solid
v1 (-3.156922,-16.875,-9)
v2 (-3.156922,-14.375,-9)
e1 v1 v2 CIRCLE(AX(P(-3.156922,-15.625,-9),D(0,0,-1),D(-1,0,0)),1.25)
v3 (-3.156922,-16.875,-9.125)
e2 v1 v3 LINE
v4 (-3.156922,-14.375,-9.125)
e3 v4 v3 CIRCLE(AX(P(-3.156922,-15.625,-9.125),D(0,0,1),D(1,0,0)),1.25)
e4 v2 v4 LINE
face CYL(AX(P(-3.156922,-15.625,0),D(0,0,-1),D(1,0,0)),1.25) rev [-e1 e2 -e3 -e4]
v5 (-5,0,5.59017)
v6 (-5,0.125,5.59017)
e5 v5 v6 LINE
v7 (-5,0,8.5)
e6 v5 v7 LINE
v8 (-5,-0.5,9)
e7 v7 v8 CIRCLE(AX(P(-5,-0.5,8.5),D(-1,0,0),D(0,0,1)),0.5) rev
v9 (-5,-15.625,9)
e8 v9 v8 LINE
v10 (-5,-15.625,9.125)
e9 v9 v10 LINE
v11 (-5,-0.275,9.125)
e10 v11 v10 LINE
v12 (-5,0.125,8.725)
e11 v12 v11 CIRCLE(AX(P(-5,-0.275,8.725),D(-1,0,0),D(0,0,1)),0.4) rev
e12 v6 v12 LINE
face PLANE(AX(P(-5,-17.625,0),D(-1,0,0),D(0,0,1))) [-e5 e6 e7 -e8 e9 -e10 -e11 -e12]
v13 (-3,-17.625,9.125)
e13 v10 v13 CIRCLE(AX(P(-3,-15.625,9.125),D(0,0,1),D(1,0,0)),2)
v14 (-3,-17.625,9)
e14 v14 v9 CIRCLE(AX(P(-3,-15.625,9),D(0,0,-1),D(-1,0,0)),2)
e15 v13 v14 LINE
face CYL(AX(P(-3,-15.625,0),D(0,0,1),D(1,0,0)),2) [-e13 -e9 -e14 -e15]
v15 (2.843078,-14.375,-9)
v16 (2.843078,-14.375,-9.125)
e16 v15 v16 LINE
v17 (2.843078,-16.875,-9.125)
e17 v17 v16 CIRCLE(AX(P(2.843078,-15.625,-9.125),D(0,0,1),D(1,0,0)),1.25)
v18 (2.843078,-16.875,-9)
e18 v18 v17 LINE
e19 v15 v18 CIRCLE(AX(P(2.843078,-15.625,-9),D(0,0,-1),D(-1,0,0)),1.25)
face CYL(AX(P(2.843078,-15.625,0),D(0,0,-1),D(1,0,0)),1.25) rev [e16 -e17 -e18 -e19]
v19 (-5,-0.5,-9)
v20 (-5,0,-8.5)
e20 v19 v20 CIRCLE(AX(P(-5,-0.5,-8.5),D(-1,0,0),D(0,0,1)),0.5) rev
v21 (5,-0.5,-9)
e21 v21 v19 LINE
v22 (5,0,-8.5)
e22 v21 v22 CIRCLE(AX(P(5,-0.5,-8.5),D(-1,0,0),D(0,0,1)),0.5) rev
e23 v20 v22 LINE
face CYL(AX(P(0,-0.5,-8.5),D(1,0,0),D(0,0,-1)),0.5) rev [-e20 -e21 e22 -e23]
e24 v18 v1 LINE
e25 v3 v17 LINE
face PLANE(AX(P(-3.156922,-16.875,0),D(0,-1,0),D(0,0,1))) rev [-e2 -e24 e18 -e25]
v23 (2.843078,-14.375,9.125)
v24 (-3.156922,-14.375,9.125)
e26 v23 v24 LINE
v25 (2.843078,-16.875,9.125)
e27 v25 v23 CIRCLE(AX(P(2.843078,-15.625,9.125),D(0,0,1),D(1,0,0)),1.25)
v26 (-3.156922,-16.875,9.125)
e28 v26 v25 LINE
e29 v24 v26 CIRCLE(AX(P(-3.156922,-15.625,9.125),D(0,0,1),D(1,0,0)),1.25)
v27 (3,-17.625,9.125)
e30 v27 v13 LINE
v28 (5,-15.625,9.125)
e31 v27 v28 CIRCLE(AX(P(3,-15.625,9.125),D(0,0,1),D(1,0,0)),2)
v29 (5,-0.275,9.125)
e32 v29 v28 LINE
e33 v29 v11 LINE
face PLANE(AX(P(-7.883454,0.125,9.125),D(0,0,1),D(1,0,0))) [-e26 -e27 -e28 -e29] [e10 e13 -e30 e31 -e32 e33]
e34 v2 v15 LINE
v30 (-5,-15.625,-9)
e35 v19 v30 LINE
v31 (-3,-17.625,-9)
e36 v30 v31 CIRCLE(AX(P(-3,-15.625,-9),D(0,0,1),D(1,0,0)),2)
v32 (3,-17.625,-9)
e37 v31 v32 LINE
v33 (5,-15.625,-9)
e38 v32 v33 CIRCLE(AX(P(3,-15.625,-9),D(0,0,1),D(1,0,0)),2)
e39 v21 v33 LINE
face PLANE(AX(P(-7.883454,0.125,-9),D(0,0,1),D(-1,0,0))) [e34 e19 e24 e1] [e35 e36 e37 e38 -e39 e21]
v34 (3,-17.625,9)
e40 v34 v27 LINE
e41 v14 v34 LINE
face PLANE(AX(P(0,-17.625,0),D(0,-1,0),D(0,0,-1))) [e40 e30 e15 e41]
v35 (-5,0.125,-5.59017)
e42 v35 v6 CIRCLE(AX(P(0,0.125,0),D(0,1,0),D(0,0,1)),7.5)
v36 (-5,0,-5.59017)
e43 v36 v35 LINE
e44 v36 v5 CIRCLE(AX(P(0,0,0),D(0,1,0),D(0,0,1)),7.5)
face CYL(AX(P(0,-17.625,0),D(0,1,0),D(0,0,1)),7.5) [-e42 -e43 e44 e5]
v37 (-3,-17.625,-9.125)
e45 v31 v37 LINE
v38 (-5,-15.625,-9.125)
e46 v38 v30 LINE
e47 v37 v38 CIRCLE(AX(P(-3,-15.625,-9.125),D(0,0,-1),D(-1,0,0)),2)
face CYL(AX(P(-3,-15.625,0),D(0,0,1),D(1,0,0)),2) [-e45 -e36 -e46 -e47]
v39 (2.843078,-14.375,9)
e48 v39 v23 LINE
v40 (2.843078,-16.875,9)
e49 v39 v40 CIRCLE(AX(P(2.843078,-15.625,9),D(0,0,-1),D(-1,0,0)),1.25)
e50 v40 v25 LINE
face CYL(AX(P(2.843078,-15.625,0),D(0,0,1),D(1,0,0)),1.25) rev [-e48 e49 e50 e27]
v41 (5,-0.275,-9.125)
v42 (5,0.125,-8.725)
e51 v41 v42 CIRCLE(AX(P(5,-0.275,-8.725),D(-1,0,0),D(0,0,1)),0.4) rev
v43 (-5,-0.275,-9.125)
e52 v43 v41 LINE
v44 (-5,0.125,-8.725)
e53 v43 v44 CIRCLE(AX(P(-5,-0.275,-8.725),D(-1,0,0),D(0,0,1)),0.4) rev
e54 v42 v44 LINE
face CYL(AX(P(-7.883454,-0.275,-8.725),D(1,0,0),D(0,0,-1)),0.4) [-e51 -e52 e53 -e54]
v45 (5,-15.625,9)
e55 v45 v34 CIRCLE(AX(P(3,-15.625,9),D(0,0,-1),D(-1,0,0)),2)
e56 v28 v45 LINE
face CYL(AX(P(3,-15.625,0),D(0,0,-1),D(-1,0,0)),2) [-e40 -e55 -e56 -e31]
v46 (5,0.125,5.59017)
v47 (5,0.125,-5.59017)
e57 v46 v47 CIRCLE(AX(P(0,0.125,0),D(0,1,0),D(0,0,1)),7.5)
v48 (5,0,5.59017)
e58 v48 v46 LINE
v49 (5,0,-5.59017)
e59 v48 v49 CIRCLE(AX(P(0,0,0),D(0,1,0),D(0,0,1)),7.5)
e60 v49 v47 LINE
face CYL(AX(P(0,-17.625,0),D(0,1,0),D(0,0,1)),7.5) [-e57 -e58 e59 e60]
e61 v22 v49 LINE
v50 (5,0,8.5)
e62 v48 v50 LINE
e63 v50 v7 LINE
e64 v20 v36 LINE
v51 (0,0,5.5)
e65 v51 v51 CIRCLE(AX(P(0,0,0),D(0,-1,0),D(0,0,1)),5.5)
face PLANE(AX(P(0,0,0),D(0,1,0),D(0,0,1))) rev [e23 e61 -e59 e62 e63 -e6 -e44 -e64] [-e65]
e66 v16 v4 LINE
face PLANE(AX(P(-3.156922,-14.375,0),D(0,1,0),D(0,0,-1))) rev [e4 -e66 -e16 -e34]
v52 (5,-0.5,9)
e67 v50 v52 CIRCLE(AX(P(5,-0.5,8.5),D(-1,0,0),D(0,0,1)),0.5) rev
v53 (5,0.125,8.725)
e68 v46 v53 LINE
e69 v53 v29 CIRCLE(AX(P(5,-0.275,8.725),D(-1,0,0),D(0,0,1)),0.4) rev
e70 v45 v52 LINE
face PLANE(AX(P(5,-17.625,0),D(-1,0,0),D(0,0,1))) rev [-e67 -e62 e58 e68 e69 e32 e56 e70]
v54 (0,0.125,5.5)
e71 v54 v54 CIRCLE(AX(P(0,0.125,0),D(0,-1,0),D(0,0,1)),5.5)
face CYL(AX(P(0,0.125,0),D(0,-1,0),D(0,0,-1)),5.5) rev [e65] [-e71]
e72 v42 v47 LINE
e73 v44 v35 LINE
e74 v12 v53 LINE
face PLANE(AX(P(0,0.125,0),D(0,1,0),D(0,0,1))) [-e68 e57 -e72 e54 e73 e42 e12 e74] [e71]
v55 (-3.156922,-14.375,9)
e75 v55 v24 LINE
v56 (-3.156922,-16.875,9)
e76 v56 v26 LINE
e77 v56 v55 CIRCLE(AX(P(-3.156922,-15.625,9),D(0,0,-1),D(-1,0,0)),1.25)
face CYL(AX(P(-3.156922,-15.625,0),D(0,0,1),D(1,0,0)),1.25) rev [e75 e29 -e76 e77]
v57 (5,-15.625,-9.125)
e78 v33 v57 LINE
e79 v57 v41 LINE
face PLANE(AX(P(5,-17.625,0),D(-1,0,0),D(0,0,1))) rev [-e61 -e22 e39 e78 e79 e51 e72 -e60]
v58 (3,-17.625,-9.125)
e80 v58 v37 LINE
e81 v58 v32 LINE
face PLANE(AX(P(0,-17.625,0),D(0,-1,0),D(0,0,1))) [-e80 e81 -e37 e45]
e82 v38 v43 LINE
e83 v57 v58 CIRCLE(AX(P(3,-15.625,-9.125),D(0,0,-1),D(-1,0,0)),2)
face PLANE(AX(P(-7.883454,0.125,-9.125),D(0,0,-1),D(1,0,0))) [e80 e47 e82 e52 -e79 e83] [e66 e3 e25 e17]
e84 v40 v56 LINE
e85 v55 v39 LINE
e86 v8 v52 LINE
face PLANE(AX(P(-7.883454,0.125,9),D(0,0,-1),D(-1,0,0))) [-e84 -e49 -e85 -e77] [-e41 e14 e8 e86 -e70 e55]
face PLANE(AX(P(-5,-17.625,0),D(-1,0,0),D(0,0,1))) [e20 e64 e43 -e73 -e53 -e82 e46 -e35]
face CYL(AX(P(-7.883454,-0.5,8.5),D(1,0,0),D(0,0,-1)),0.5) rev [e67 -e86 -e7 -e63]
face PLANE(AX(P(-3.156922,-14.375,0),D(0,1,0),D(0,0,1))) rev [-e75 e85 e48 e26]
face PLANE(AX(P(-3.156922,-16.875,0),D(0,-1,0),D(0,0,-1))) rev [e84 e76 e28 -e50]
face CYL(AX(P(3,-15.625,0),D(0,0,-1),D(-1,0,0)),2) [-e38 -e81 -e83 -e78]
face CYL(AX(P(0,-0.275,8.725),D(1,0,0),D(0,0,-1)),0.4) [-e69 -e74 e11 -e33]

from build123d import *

# Parameters (mm, degrees)
BOSS_EXTRUDE1_DEPTH = 0.125
SKETCH3_W           = 0.125
SKETCH3_H           = 15.25
BOSS_EXTRUDE2_DEPTH = 15.766908
SKETCH4_W           = 15.766907998
SKETCH4_H           = 0.125
BOSS_EXTRUDE3_DEPTH = 2.5
CUT_EXTRUDE1_DEPTH  = 2.5
FILLET1_R           = 0.4
FILLET2_R           = 0.5
FILLET3_R           = 0.5
FILLET4_R           = 2
FILLET5_R           = 2
FILLET6_R           = 0.4
CUT_EXTRUDE2_START  = -17.75
CUT_EXTRUDE2_DEPTH  = 17.75
FILLET7_R           = 2


with BuildPart() as part:
    # Sketch2 → Boss-Extrude1 (new body)
    with BuildSketch(Plane(origin=(0, 0, 0), x_dir=(1, 0, 0), z_dir=(0, 1, 0))):
        with BuildLine():
            Line((-7.883453999, 0), (-5.5, 0))
            ThreePointArc((-5.5, 0), (0, -5.5), (5.5, 0))
            Line((5.5, 0), (7.883453999, 0))
            Line((7.883453999, 0), (7.883453999, -9))
            Line((7.883453999, -9), (-7.883453999, -9))
            Line((-7.883453999, -9), (-7.883453999, 0))
        make_face()
    extrude(amount=BOSS_EXTRUDE1_DEPTH)

    # Sketch3 → Boss-Extrude2 (add)
    with BuildSketch(Plane(origin=(7.883453999, 0, 0), x_dir=(0, 0, -1), z_dir=(1, 0, 0))):
        with Locations((-9.0625, -7.5)):
            Rectangle(SKETCH3_W, SKETCH3_H)
    extrude(amount=-BOSS_EXTRUDE2_DEPTH)

    # Sketch4 → Boss-Extrude3 (add)
    with BuildSketch(Plane.XZ.offset(15.125)):
        with Locations((0, 9.0625)):
            Rectangle(SKETCH4_W, SKETCH4_H)
    extrude(amount=BOSS_EXTRUDE3_DEPTH)

    # Sketch5 → Cut-Extrude1 (cut)
    with BuildSketch(Plane.XY.offset(9.125)):
        with BuildLine():
            Line((-3.156922186, -14.375), (2.843077814, -14.375))
            ThreePointArc((2.843077814, -14.375), (4.093077814, -15.625), (2.843077814, -16.875))
            Line((2.843077814, -16.875), (-3.156922186, -16.875))
            ThreePointArc((-3.156922186, -16.875), (-4.406922186, -15.625), (-3.156922186, -14.375))
        make_face()
    extrude(amount=-CUT_EXTRUDE1_DEPTH, mode=Mode.SUBTRACT)

    # Mirror1: part across plane


with BuildPart() as part_1:
    add(part.part)
    add(part.part.mirror(Plane(origin=(5.5, 0.125, 0), x_dir=(1, 0, 0), z_dir=(0, 0, 1))))

    # Fillet1
    fillet1_edges = [part_1.edges().sort_by_distance(p)[0] for p in [
        (-1e-09, 0.125, 9.125),
    ]]
    fillet(fillet1_edges, radius=FILLET1_R)

    # Fillet2
    fillet2_edges = [part_1.edges().sort_by_distance(p)[0] for p in [
        (0, 0, 9),
    ]]
    fillet(fillet2_edges, radius=FILLET2_R)

    # Fillet3
    fillet3_edges = [part_1.edges().sort_by_distance(p)[0] for p in [
        (0, 0, -9),
    ]]
    fillet(fillet3_edges, radius=FILLET3_R)

    # Fillet4
    fillet4_edges = [part_1.edges().sort_by_distance(p)[0] for p in [
        (7.883453999, -17.625, 9.0625),
        (-7.883453999, -17.625, 9.0625),
    ]]
    fillet(fillet4_edges, radius=FILLET4_R)

    # Fillet5
    fillet5_edges = [part_1.edges().sort_by_distance(p)[0] for p in [
        (7.883453999, -17.625, -9.0625),
        (-7.883453999, -17.625, -9.0625),
    ]]
    fillet(fillet5_edges, radius=FILLET5_R)

    # Fillet6
    fillet6_edges = [part_1.edges().sort_by_distance(p)[0] for p in [
        (-1e-09, 0.125, -9.125),
    ]]
    fillet(fillet6_edges, radius=FILLET6_R)

    # Sketch6 → Cut-Extrude2 (cut)
    with BuildSketch(Plane(origin=(0, 0.125, 0), x_dir=(1, 0, 0), z_dir=(0, 1, 0)).offset(CUT_EXTRUDE2_START)):
        Polygon((7.883453999, -8.725), (5, -8.725), (5, -13.174899539), (11.0971106, -13.174899539), (11.0971106, 15.116605335), (5, 15.116605335), (5, 8.725), (7.883453999, 8.725), align=None)
        Polygon((-5, -13.174899539), (-5, -8.725), (-7.883453999, -8.725), (-7.883453999, 8.725), (-5, 8.725), (-5, 15.116605335), (-11.0971106, 15.116605335), (-11.0971106, -13.174899539), align=None)
        with BuildLine():
            Line((5, -5.590169944), (5, -8.725))
            Line((5, -8.725), (7.883453999, -8.725))
            Line((7.883453999, -8.725), (7.883453999, 8.725))
            Line((7.883453999, 8.725), (5, 8.725))
            Line((5, 8.725), (5, 5.590169944))
            ThreePointArc((5, 5.590169944), (6.846531969, 3.061862178), (7.5, 0))
            ThreePointArc((7.5, 0), (6.846531969, -3.061862178), (5, -5.590169944))
        make_face()
        with BuildLine():
            Line((-7.883453999, -8.725), (-5, -8.725))
            Line((-5, -8.725), (-5, -5.590169944))
            ThreePointArc((-5, -5.590169944), (-7.5, 0), (-5, 5.590169944))
            Line((-5, 5.590169944), (-5, 8.725))
            Line((-5, 8.725), (-7.883453999, 8.725))
            Line((-7.883453999, 8.725), (-7.883453999, -8.725))
        make_face()
    extrude(amount=CUT_EXTRUDE2_DEPTH, mode=Mode.SUBTRACT)

    # Fillet7
    fillet7_edges = [part_1.edges().sort_by_distance(p)[0] for p in [
        (5, -17.625, 9.0625),
        (5, -17.625, -9.0625),
        (-5, -17.625, 9.0625),
        (-5, -17.625, -9.0625),
    ]]
    fillet(fillet7_edges, radius=FILLET7_R)


solid = part_1.part
